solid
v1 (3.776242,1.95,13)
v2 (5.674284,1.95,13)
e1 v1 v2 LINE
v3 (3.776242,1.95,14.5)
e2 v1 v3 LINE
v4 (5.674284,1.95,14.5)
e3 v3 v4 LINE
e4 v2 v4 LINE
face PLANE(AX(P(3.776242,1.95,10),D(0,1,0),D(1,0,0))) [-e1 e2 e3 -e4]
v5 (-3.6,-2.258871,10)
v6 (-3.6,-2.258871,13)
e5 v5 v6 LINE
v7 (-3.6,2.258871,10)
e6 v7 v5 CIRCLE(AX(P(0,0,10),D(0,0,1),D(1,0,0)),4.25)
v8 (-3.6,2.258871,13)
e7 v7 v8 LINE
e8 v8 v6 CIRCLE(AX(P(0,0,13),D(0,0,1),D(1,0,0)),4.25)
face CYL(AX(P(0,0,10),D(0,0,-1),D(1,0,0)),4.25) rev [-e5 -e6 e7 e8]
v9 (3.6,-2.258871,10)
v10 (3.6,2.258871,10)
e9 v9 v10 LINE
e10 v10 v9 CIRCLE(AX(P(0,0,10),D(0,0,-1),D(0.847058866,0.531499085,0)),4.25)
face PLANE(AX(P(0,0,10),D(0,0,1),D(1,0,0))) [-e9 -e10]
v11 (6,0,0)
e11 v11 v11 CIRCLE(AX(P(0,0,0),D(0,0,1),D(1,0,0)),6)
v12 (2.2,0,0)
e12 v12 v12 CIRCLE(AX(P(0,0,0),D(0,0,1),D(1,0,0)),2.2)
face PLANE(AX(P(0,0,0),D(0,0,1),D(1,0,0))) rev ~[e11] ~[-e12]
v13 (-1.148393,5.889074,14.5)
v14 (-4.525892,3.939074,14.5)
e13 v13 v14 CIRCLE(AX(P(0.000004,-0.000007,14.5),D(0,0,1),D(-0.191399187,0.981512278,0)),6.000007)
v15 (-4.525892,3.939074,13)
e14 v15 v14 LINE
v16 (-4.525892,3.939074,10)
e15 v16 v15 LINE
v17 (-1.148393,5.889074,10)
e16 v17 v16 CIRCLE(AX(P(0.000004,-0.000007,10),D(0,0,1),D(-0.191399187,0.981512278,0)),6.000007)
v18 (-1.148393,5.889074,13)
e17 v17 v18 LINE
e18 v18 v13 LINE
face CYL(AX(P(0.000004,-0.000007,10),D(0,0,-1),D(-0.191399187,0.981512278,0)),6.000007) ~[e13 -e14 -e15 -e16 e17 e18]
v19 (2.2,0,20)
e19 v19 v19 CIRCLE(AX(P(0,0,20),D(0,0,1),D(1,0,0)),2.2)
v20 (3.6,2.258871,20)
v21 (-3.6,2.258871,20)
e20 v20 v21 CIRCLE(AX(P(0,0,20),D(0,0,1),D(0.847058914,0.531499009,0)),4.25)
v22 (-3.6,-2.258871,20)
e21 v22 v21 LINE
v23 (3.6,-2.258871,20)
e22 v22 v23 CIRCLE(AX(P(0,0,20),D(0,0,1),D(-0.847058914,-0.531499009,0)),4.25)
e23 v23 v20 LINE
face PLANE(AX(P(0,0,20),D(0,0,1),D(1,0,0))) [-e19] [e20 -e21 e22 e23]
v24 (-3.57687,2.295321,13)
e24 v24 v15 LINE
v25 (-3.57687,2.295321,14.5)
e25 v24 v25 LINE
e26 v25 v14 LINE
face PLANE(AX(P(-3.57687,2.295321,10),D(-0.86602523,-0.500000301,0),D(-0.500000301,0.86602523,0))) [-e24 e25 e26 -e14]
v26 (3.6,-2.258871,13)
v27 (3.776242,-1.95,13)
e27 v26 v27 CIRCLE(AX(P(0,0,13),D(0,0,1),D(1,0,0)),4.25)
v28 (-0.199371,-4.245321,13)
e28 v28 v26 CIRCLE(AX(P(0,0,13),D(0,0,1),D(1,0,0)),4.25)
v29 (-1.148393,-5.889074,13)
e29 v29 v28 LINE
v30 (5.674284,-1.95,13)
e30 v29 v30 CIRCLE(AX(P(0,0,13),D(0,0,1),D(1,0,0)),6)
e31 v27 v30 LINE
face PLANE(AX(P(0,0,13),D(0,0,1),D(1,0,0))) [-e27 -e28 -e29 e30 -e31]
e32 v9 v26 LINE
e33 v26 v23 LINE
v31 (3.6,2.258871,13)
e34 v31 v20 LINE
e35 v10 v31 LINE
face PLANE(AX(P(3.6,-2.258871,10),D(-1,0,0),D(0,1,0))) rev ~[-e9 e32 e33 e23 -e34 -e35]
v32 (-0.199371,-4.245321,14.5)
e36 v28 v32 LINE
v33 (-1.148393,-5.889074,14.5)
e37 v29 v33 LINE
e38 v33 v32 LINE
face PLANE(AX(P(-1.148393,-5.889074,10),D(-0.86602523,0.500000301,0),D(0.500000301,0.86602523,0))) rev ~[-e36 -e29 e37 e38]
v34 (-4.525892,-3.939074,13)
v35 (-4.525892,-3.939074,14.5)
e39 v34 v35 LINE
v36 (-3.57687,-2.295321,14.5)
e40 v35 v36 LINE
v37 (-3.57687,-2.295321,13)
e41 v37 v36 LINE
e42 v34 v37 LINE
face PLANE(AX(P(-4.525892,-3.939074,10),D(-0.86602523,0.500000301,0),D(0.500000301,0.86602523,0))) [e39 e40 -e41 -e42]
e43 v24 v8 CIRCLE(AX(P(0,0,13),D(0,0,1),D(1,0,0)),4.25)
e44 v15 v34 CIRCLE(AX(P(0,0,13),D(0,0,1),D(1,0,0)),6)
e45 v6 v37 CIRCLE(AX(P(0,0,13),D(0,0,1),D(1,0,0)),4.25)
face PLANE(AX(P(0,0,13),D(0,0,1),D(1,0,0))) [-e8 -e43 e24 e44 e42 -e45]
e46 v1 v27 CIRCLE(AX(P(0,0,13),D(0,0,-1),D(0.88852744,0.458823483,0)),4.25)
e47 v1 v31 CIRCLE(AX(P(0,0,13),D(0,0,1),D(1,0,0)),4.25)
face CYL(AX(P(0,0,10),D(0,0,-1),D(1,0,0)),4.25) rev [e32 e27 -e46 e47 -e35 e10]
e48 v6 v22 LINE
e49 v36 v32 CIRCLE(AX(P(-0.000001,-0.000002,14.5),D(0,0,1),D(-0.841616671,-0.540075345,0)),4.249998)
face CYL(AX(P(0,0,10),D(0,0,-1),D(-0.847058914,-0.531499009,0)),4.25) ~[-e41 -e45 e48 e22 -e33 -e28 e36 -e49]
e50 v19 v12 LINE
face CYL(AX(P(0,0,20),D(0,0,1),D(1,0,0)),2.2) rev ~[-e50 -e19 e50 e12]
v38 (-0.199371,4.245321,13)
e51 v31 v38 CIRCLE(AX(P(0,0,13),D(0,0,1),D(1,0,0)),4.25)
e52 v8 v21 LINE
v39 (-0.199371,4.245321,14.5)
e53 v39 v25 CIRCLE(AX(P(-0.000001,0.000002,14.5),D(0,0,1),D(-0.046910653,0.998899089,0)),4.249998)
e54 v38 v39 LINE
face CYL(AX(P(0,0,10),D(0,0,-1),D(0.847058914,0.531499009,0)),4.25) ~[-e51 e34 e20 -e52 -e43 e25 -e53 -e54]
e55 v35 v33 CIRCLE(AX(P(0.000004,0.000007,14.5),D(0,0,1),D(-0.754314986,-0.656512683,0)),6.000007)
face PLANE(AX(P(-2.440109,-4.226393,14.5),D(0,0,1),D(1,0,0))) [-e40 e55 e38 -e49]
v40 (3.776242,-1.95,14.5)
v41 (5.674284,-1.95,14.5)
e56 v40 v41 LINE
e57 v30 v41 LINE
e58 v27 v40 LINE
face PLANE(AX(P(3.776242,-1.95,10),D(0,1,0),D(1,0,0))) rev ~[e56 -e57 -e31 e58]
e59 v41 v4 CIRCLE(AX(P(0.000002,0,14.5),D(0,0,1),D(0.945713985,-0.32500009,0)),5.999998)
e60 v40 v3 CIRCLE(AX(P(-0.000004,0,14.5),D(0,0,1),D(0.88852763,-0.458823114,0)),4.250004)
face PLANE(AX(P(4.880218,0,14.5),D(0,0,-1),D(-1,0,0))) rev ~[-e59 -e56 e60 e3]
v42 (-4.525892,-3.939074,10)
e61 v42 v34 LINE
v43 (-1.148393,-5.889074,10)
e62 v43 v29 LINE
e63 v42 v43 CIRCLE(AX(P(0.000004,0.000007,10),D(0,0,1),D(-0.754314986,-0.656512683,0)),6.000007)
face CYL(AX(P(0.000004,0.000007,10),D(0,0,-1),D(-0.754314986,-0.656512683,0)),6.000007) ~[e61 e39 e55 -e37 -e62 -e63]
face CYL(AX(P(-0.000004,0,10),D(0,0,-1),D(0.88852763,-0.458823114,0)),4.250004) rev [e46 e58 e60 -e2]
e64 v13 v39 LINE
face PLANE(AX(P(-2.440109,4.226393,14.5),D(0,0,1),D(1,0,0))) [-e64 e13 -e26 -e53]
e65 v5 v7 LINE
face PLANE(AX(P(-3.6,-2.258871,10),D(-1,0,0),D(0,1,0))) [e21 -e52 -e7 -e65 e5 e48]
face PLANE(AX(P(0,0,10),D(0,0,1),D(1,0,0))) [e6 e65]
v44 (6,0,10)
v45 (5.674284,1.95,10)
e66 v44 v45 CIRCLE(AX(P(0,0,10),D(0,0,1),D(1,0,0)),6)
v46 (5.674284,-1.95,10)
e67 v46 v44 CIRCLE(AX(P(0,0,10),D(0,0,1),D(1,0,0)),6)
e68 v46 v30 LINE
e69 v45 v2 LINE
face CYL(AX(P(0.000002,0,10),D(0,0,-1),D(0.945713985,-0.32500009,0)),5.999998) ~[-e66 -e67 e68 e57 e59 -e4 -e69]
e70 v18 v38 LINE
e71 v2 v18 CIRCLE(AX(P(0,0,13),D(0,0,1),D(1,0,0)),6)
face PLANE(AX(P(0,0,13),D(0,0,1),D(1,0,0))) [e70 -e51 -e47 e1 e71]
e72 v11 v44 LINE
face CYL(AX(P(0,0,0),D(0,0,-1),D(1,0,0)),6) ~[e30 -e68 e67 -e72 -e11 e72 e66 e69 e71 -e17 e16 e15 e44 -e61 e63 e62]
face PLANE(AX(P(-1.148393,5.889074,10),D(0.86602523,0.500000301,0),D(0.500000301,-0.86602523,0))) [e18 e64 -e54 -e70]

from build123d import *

# Parameters (mm, degrees)
SKETCH_R      = 6
PAD_DEPTH     = 10
PAD001_DEPTH  = 10
SKETCH002_R   = 2.2
POCKET_DEPTH  = 20.001
PAD002_DEPTH  = 4.5
SKETCH004_R   = 6
SKETCH004_R_2 = 4.25
PAD003_DEPTH  = 3


with BuildPart() as part:
    # Sketch → Pad (new body)
    with BuildSketch(Plane.XY):
        Circle(SKETCH_R)
    extrude(amount=PAD_DEPTH)

    # Sketch001 (on Face3 of Pad) → Pad001 (join)
    with BuildSketch(Plane.XY.offset(10)):
        with BuildLine():
            ThreePointArc((-3.6, -2.258871), (0, -4.25), (3.6, -2.258871))
            Line((3.6, -2.258871), (3.6, 2.258871))
            ThreePointArc((3.6, 2.258871), (0, 4.25), (-3.6, 2.258871))
            Line((-3.6, -2.258871), (-3.6, 2.258871))
        make_face()
    extrude(amount=PAD001_DEPTH)

    # Sketch002 (on Face8 of Pad001) → Pocket (cut, through all)
    with BuildSketch(Plane.XY.offset(20)):
        Circle(SKETCH002_R)
    extrude(amount=-POCKET_DEPTH, mode=Mode.SUBTRACT)

    # Sketch003 (on Face3 of Pocket) → Pad002 (join)
    with BuildSketch(Plane.XY.offset(10)):
        with BuildLine():
            ThreePointArc((3.776242, -1.95), (4.25, 0), (3.776242, 1.95))
            Line((3.776242, 1.95), (5.674284, 1.95))
            ThreePointArc((5.674284, -1.95), (6, 0), (5.674284, 1.95))
            Line((3.776242, -1.95), (5.674284, -1.95))
        make_face()
        with BuildLine():
            ThreePointArc((-1.148393, 5.889074), (-3, 5.196152), (-4.525892, 3.939074))
            Line((-3.57687, 2.295321), (-4.525892, 3.939074))
            ThreePointArc((-0.199371, 4.245321), (-2.125, 3.680608), (-3.57687, 2.295321))
            Line((-1.148393, 5.889074), (-0.199371, 4.245321))
        make_face()
        with BuildLine():
            ThreePointArc((-4.525892, -3.939074), (-3, -5.196152), (-1.148393, -5.889074))
            Line((-1.148393, -5.889074), (-0.199371, -4.245321))
            ThreePointArc((-3.57687, -2.295321), (-2.125, -3.680608), (-0.199371, -4.245321))
            Line((-4.525892, -3.939074), (-3.57687, -2.295321))
        make_face()
    extrude(amount=PAD002_DEPTH)

    # Sketch004 (on Face4 of Pad002) → Pad003 (join)
    with BuildSketch(Plane.XY.offset(10)):
        Circle(SKETCH004_R)
        Circle(SKETCH004_R_2, mode=Mode.SUBTRACT)
    extrude(amount=PAD003_DEPTH)


solid = part.part
